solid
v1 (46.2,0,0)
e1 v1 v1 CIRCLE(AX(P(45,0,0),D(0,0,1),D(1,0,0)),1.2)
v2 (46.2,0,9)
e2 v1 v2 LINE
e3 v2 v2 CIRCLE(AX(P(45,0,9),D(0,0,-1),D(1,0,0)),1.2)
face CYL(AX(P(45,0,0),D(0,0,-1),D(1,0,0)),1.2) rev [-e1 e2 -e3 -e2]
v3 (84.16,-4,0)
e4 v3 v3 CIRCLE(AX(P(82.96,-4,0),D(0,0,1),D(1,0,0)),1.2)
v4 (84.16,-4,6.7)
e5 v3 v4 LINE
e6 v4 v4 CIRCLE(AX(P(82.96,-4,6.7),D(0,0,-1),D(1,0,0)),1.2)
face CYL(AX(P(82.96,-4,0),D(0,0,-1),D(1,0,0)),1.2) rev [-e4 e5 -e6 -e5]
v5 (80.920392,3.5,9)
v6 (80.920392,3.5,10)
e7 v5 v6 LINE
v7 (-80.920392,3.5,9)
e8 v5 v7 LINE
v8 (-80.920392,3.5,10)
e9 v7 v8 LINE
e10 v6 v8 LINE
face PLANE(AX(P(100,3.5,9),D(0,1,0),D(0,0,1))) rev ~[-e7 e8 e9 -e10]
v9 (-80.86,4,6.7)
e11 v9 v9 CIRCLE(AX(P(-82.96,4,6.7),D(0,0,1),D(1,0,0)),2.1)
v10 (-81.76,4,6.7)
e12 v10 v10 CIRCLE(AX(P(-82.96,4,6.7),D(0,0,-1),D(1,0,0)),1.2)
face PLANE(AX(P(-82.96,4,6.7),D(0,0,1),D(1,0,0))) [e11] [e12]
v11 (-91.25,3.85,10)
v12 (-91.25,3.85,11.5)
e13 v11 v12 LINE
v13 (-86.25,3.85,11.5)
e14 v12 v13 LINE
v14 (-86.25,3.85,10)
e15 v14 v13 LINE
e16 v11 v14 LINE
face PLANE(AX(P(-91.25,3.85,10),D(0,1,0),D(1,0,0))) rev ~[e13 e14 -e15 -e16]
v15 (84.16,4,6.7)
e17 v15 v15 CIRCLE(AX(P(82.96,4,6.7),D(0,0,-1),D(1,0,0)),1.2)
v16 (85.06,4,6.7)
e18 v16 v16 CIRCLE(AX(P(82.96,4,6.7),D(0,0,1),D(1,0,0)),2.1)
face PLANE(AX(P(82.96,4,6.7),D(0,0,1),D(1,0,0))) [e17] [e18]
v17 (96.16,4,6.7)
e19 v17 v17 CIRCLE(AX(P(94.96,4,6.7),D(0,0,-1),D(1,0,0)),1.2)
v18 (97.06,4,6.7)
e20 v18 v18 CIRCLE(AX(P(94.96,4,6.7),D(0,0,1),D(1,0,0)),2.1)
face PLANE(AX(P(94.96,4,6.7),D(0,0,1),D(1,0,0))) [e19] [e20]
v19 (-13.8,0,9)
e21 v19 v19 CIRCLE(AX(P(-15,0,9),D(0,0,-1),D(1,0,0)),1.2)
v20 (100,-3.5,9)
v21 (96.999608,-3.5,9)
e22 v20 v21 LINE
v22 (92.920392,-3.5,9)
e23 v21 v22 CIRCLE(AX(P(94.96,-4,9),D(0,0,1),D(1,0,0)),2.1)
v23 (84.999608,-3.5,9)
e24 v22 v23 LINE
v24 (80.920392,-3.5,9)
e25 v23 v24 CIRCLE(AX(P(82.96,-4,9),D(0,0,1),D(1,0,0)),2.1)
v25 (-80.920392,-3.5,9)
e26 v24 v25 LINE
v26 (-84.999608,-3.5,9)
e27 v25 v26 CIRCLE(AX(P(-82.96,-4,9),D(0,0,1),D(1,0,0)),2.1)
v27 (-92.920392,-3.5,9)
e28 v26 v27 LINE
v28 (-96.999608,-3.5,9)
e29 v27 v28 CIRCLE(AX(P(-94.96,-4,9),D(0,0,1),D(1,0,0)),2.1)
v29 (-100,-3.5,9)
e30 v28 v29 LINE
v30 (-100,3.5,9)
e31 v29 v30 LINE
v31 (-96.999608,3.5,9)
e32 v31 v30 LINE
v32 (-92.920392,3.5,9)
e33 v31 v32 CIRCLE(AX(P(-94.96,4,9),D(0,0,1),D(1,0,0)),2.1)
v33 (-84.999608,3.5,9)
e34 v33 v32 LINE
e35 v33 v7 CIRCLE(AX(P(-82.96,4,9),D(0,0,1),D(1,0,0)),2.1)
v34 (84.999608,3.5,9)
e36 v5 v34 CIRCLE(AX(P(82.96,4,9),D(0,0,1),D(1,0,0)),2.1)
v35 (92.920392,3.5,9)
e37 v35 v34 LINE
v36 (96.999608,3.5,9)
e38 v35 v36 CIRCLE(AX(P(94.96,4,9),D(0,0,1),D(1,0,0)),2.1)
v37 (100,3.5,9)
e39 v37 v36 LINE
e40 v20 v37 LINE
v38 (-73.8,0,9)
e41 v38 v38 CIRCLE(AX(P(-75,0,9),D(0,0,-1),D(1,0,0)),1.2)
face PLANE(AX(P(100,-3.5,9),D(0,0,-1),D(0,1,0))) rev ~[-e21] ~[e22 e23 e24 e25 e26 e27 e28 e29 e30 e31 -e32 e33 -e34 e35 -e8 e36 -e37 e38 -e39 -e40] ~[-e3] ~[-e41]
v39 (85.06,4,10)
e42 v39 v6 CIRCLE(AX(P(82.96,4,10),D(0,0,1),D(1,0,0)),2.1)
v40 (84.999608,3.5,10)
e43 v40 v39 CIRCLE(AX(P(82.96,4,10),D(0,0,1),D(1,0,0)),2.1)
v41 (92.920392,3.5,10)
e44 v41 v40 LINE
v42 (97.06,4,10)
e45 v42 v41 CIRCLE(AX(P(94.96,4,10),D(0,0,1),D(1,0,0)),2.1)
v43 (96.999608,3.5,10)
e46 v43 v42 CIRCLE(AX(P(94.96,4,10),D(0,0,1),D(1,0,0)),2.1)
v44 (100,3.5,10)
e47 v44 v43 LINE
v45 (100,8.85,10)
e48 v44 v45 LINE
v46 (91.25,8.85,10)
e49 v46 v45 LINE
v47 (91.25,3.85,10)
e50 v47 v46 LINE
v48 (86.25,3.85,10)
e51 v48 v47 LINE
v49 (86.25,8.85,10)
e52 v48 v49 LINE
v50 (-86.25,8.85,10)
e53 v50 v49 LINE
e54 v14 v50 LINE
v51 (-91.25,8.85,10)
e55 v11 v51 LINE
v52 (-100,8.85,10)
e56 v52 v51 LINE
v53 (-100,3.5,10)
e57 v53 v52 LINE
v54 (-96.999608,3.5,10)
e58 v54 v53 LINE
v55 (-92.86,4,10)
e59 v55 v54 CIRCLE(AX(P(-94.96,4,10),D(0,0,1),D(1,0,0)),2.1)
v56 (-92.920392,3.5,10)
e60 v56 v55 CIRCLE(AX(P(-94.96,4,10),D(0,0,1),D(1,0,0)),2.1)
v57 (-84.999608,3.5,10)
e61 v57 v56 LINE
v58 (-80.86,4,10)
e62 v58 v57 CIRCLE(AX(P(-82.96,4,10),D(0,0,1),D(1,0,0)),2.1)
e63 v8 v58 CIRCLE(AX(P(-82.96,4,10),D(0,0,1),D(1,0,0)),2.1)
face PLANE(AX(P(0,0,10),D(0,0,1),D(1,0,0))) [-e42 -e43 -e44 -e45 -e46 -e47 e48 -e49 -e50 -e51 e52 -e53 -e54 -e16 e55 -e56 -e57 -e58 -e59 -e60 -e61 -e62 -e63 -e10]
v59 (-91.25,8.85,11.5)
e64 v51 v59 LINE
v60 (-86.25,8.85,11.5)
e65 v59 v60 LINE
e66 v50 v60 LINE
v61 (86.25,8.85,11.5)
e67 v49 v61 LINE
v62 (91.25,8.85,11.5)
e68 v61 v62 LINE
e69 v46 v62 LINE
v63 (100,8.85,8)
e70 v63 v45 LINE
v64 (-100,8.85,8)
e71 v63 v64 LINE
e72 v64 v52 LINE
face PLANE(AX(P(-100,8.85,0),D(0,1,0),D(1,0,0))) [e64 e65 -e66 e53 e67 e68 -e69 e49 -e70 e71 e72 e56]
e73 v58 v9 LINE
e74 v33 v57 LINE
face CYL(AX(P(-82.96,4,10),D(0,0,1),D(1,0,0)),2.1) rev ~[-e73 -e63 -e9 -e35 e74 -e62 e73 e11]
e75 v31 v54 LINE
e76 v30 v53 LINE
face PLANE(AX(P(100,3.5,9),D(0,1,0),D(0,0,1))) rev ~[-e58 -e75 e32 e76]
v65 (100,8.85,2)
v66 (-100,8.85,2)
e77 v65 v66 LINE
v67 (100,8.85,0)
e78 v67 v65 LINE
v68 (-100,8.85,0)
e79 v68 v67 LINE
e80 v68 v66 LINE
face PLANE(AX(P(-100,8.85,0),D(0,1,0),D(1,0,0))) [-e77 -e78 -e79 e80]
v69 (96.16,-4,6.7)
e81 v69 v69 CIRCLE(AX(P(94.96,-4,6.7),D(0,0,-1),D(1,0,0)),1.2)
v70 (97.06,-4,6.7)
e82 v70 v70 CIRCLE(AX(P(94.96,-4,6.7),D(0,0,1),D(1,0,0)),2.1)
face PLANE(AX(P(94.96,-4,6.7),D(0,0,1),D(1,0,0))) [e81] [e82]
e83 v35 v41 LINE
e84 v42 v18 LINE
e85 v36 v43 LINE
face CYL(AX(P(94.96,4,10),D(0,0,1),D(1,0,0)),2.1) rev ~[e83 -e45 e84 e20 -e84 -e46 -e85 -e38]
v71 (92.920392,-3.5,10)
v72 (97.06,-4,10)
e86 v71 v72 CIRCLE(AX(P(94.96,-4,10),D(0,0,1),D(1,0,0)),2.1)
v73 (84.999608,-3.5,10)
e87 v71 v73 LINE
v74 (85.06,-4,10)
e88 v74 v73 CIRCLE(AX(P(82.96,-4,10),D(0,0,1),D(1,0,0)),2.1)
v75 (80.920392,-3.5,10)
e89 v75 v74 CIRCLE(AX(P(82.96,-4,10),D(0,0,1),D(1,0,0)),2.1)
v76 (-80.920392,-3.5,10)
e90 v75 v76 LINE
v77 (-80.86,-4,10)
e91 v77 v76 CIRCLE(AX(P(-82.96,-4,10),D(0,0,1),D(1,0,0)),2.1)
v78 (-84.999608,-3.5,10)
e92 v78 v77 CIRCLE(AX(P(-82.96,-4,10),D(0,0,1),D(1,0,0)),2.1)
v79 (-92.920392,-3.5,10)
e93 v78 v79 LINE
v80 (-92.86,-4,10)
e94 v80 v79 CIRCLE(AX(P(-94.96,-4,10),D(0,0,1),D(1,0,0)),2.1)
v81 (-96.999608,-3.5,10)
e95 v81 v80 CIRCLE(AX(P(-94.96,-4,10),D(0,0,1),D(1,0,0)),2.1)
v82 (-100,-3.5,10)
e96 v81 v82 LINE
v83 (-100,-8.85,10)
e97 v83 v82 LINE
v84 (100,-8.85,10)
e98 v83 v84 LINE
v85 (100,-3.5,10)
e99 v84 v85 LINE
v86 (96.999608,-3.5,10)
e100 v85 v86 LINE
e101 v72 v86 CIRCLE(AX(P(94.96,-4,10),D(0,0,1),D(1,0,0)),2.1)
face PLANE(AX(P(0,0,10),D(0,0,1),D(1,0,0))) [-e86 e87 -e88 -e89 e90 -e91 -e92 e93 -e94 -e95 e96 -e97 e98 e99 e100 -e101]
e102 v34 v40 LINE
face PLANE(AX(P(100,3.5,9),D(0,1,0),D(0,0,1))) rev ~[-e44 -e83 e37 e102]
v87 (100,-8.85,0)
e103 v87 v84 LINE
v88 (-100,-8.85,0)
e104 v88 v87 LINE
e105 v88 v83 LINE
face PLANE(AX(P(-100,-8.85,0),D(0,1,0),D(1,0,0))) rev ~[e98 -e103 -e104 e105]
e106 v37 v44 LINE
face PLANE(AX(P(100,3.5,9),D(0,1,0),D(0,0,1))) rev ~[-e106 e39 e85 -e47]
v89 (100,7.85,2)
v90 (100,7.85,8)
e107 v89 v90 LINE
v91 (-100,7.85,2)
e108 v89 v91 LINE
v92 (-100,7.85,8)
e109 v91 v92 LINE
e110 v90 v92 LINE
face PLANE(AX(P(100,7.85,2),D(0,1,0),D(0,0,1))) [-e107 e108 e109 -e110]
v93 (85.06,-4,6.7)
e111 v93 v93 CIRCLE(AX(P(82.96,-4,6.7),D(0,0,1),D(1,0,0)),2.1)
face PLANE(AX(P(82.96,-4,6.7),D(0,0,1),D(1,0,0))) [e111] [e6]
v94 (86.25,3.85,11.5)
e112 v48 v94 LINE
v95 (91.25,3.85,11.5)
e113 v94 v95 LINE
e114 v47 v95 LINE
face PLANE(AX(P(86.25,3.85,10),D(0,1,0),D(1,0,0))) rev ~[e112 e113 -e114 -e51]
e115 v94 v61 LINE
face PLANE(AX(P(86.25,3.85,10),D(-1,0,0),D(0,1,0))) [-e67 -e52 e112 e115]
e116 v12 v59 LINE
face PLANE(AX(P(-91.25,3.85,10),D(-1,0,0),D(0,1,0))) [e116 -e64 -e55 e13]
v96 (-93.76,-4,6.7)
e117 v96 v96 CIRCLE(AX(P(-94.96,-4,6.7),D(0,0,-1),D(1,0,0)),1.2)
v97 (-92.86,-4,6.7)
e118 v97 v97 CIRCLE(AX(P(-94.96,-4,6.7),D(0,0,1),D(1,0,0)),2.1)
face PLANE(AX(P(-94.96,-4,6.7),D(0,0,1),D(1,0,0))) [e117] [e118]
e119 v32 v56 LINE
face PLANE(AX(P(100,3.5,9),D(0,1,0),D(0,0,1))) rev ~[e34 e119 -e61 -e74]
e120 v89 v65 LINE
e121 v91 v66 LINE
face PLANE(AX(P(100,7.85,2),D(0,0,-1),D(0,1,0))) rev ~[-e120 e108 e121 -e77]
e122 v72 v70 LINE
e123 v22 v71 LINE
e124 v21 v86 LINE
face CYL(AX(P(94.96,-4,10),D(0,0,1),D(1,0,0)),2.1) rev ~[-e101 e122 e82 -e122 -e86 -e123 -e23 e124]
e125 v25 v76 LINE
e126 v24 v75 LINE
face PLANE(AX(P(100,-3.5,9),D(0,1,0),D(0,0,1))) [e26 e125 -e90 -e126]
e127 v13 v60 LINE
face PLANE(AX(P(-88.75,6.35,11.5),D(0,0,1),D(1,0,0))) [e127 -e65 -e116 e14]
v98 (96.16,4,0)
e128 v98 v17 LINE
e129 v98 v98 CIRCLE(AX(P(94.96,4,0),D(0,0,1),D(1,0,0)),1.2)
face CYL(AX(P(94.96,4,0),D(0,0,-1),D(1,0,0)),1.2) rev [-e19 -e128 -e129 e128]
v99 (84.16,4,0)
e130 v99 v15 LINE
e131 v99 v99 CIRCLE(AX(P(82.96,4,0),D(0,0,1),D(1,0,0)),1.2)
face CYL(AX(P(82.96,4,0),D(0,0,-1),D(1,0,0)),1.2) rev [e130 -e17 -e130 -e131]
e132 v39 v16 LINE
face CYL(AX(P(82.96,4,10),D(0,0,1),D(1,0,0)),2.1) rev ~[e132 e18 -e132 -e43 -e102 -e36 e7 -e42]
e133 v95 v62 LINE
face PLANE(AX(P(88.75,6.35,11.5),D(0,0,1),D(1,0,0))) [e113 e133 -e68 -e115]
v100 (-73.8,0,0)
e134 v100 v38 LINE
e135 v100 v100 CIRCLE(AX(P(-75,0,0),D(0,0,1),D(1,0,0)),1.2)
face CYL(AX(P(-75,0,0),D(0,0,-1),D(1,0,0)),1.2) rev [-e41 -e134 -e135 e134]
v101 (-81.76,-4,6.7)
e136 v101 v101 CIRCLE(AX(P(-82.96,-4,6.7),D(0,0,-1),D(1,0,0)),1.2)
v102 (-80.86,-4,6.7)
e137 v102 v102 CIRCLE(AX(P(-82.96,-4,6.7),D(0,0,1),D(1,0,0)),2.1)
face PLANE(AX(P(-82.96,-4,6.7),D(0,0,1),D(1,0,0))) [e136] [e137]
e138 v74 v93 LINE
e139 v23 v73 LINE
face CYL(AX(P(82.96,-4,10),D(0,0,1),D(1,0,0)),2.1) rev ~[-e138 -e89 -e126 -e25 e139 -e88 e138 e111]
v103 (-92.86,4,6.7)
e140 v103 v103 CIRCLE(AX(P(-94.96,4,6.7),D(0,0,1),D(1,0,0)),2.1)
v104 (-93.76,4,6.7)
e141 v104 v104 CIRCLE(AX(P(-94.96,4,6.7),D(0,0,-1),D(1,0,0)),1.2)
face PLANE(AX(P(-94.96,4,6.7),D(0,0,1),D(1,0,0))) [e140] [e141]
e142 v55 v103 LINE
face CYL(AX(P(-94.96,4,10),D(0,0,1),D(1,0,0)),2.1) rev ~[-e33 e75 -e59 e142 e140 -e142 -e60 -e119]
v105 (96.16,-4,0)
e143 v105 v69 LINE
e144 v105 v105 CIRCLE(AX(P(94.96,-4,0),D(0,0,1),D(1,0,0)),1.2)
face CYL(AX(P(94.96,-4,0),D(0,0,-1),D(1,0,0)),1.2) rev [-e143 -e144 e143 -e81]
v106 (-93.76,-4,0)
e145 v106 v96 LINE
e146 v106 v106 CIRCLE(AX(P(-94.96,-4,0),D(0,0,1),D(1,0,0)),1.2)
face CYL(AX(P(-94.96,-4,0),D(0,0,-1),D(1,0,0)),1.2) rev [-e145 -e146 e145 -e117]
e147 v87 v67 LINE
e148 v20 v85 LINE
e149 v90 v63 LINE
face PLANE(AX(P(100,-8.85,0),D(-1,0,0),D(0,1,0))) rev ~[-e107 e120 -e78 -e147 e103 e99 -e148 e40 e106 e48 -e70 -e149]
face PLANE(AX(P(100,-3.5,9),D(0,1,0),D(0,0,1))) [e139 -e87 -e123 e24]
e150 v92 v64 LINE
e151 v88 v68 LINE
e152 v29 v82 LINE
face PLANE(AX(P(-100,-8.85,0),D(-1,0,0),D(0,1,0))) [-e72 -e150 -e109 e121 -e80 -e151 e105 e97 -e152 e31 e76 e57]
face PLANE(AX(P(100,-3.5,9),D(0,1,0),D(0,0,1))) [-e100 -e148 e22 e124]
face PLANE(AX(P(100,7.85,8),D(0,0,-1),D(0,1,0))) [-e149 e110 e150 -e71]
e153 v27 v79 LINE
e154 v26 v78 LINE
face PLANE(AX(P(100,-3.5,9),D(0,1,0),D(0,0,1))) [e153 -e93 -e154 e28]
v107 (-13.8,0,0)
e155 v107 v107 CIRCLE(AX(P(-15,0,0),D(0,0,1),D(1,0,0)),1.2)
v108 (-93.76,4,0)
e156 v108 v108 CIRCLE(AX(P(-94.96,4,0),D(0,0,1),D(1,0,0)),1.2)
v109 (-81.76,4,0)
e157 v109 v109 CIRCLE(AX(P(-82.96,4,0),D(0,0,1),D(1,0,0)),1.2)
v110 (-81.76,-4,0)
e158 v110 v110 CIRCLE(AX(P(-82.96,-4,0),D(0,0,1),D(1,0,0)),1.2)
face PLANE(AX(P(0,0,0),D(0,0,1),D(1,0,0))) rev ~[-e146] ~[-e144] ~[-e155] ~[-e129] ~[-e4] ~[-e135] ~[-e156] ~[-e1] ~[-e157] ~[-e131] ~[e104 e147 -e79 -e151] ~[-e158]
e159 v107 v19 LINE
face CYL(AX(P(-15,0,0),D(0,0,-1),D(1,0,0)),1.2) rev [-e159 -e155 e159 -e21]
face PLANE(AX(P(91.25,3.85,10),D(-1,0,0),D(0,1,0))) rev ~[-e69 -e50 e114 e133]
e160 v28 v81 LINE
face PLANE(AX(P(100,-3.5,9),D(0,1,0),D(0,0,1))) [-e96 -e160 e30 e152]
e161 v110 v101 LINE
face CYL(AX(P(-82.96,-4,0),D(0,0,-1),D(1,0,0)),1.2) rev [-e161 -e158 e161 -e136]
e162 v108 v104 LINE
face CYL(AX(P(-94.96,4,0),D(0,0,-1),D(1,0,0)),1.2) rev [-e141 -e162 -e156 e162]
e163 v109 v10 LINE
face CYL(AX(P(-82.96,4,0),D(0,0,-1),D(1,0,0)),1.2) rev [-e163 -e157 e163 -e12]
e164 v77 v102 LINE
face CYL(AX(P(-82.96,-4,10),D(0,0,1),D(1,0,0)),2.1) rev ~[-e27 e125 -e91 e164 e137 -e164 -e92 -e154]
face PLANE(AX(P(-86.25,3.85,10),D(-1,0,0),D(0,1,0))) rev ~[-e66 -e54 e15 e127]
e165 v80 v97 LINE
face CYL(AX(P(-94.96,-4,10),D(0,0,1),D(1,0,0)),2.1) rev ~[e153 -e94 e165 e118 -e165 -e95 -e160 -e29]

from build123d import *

# Parameters (mm, degrees)
SKETCH_W        = 200
SKETCH_H        = 17.7
SKETCH_R        = 1.2
PAD_DEPTH       = 10
SKETCH001_R     = 2.1
POCKET_DEPTH    = 3.3
SKETCH002_W     = 7
SKETCH002_H     = 1
POCKET001_DEPTH = 200
SKETCH012_W     = 5
SKETCH012_H     = 5
PAD003_DEPTH    = 1.5
SKETCH013_W     = 1
SKETCH013_H     = 6
POCKET009_DEPTH = 200


with BuildPart() as part:
    # Sketch → Pad (new body)
    with BuildSketch(Plane.XY):
        Rectangle(SKETCH_W, SKETCH_H)
        with Locations((-75, 0)):
            Circle(SKETCH_R, mode=Mode.SUBTRACT)
        with Locations((-15, 0)):
            Circle(SKETCH_R, mode=Mode.SUBTRACT)
        with Locations((45, 0)):
            Circle(SKETCH_R, mode=Mode.SUBTRACT)
        with Locations((-94.96, 4)):
            Circle(SKETCH_R, mode=Mode.SUBTRACT)
        with Locations((-82.96, 4)):
            Circle(SKETCH_R, mode=Mode.SUBTRACT)
        with Locations((-94.96, -4)):
            Circle(SKETCH_R, mode=Mode.SUBTRACT)
        with Locations((-82.96, -4)):
            Circle(SKETCH_R, mode=Mode.SUBTRACT)
        with Locations((82.96, 4)):
            Circle(SKETCH_R, mode=Mode.SUBTRACT)
        with Locations((94.96, 4)):
            Circle(SKETCH_R, mode=Mode.SUBTRACT)
        with Locations((82.96, -4)):
            Circle(SKETCH_R, mode=Mode.SUBTRACT)
        with Locations((94.96, -4)):
            Circle(SKETCH_R, mode=Mode.SUBTRACT)
    extrude(amount=PAD_DEPTH)

    # Sketch001 (on Face17 of Pad) → Pocket (cut)
    with BuildSketch(Plane.XY.offset(10)):
        with Locations((94.96, -4)):
            Circle(SKETCH001_R)
        with Locations((-94.96, 4)):
            Circle(SKETCH001_R)
        with Locations((-82.96, 4)):
            Circle(SKETCH001_R)
        with Locations((-82.96, -4)):
            Circle(SKETCH001_R)
        with Locations((94.96, 4)):
            Circle(SKETCH001_R)
        with Locations((82.96, 4)):
            Circle(SKETCH001_R)
        with Locations((-94.96, -4)):
            Circle(SKETCH001_R)
        with Locations((82.96, -4)):
            Circle(SKETCH001_R)
    extrude(amount=-POCKET_DEPTH, mode=Mode.SUBTRACT)

    # Sketch002 (on Face3 of Pocket) → Pocket001 (cut)
    with BuildSketch(Plane.YZ.offset(100)):
        with Locations((0, 9.5)):
            Rectangle(SKETCH002_W, SKETCH002_H)
    extrude(amount=-POCKET001_DEPTH, mode=Mode.SUBTRACT)

    # Sketch012 (on Face9 of Pocket001) → Pad003 (join)
    with BuildSketch(Plane.XY.offset(10)):
        with Locations((88.75, 6.35)):
            Rectangle(SKETCH012_W, SKETCH012_H)
        with Locations((-88.75, 6.35)):
            Rectangle(SKETCH012_W, SKETCH012_H)
    extrude(amount=PAD003_DEPTH)

    # Sketch013 (on Face3 of Pad003) → Pocket009 (cut)
    with BuildSketch(Plane.YZ.offset(100)):
        with Locations((8.35, 5)):
            Rectangle(SKETCH013_W, SKETCH013_H)
    extrude(amount=-POCKET009_DEPTH, mode=Mode.SUBTRACT)


solid = part.part
